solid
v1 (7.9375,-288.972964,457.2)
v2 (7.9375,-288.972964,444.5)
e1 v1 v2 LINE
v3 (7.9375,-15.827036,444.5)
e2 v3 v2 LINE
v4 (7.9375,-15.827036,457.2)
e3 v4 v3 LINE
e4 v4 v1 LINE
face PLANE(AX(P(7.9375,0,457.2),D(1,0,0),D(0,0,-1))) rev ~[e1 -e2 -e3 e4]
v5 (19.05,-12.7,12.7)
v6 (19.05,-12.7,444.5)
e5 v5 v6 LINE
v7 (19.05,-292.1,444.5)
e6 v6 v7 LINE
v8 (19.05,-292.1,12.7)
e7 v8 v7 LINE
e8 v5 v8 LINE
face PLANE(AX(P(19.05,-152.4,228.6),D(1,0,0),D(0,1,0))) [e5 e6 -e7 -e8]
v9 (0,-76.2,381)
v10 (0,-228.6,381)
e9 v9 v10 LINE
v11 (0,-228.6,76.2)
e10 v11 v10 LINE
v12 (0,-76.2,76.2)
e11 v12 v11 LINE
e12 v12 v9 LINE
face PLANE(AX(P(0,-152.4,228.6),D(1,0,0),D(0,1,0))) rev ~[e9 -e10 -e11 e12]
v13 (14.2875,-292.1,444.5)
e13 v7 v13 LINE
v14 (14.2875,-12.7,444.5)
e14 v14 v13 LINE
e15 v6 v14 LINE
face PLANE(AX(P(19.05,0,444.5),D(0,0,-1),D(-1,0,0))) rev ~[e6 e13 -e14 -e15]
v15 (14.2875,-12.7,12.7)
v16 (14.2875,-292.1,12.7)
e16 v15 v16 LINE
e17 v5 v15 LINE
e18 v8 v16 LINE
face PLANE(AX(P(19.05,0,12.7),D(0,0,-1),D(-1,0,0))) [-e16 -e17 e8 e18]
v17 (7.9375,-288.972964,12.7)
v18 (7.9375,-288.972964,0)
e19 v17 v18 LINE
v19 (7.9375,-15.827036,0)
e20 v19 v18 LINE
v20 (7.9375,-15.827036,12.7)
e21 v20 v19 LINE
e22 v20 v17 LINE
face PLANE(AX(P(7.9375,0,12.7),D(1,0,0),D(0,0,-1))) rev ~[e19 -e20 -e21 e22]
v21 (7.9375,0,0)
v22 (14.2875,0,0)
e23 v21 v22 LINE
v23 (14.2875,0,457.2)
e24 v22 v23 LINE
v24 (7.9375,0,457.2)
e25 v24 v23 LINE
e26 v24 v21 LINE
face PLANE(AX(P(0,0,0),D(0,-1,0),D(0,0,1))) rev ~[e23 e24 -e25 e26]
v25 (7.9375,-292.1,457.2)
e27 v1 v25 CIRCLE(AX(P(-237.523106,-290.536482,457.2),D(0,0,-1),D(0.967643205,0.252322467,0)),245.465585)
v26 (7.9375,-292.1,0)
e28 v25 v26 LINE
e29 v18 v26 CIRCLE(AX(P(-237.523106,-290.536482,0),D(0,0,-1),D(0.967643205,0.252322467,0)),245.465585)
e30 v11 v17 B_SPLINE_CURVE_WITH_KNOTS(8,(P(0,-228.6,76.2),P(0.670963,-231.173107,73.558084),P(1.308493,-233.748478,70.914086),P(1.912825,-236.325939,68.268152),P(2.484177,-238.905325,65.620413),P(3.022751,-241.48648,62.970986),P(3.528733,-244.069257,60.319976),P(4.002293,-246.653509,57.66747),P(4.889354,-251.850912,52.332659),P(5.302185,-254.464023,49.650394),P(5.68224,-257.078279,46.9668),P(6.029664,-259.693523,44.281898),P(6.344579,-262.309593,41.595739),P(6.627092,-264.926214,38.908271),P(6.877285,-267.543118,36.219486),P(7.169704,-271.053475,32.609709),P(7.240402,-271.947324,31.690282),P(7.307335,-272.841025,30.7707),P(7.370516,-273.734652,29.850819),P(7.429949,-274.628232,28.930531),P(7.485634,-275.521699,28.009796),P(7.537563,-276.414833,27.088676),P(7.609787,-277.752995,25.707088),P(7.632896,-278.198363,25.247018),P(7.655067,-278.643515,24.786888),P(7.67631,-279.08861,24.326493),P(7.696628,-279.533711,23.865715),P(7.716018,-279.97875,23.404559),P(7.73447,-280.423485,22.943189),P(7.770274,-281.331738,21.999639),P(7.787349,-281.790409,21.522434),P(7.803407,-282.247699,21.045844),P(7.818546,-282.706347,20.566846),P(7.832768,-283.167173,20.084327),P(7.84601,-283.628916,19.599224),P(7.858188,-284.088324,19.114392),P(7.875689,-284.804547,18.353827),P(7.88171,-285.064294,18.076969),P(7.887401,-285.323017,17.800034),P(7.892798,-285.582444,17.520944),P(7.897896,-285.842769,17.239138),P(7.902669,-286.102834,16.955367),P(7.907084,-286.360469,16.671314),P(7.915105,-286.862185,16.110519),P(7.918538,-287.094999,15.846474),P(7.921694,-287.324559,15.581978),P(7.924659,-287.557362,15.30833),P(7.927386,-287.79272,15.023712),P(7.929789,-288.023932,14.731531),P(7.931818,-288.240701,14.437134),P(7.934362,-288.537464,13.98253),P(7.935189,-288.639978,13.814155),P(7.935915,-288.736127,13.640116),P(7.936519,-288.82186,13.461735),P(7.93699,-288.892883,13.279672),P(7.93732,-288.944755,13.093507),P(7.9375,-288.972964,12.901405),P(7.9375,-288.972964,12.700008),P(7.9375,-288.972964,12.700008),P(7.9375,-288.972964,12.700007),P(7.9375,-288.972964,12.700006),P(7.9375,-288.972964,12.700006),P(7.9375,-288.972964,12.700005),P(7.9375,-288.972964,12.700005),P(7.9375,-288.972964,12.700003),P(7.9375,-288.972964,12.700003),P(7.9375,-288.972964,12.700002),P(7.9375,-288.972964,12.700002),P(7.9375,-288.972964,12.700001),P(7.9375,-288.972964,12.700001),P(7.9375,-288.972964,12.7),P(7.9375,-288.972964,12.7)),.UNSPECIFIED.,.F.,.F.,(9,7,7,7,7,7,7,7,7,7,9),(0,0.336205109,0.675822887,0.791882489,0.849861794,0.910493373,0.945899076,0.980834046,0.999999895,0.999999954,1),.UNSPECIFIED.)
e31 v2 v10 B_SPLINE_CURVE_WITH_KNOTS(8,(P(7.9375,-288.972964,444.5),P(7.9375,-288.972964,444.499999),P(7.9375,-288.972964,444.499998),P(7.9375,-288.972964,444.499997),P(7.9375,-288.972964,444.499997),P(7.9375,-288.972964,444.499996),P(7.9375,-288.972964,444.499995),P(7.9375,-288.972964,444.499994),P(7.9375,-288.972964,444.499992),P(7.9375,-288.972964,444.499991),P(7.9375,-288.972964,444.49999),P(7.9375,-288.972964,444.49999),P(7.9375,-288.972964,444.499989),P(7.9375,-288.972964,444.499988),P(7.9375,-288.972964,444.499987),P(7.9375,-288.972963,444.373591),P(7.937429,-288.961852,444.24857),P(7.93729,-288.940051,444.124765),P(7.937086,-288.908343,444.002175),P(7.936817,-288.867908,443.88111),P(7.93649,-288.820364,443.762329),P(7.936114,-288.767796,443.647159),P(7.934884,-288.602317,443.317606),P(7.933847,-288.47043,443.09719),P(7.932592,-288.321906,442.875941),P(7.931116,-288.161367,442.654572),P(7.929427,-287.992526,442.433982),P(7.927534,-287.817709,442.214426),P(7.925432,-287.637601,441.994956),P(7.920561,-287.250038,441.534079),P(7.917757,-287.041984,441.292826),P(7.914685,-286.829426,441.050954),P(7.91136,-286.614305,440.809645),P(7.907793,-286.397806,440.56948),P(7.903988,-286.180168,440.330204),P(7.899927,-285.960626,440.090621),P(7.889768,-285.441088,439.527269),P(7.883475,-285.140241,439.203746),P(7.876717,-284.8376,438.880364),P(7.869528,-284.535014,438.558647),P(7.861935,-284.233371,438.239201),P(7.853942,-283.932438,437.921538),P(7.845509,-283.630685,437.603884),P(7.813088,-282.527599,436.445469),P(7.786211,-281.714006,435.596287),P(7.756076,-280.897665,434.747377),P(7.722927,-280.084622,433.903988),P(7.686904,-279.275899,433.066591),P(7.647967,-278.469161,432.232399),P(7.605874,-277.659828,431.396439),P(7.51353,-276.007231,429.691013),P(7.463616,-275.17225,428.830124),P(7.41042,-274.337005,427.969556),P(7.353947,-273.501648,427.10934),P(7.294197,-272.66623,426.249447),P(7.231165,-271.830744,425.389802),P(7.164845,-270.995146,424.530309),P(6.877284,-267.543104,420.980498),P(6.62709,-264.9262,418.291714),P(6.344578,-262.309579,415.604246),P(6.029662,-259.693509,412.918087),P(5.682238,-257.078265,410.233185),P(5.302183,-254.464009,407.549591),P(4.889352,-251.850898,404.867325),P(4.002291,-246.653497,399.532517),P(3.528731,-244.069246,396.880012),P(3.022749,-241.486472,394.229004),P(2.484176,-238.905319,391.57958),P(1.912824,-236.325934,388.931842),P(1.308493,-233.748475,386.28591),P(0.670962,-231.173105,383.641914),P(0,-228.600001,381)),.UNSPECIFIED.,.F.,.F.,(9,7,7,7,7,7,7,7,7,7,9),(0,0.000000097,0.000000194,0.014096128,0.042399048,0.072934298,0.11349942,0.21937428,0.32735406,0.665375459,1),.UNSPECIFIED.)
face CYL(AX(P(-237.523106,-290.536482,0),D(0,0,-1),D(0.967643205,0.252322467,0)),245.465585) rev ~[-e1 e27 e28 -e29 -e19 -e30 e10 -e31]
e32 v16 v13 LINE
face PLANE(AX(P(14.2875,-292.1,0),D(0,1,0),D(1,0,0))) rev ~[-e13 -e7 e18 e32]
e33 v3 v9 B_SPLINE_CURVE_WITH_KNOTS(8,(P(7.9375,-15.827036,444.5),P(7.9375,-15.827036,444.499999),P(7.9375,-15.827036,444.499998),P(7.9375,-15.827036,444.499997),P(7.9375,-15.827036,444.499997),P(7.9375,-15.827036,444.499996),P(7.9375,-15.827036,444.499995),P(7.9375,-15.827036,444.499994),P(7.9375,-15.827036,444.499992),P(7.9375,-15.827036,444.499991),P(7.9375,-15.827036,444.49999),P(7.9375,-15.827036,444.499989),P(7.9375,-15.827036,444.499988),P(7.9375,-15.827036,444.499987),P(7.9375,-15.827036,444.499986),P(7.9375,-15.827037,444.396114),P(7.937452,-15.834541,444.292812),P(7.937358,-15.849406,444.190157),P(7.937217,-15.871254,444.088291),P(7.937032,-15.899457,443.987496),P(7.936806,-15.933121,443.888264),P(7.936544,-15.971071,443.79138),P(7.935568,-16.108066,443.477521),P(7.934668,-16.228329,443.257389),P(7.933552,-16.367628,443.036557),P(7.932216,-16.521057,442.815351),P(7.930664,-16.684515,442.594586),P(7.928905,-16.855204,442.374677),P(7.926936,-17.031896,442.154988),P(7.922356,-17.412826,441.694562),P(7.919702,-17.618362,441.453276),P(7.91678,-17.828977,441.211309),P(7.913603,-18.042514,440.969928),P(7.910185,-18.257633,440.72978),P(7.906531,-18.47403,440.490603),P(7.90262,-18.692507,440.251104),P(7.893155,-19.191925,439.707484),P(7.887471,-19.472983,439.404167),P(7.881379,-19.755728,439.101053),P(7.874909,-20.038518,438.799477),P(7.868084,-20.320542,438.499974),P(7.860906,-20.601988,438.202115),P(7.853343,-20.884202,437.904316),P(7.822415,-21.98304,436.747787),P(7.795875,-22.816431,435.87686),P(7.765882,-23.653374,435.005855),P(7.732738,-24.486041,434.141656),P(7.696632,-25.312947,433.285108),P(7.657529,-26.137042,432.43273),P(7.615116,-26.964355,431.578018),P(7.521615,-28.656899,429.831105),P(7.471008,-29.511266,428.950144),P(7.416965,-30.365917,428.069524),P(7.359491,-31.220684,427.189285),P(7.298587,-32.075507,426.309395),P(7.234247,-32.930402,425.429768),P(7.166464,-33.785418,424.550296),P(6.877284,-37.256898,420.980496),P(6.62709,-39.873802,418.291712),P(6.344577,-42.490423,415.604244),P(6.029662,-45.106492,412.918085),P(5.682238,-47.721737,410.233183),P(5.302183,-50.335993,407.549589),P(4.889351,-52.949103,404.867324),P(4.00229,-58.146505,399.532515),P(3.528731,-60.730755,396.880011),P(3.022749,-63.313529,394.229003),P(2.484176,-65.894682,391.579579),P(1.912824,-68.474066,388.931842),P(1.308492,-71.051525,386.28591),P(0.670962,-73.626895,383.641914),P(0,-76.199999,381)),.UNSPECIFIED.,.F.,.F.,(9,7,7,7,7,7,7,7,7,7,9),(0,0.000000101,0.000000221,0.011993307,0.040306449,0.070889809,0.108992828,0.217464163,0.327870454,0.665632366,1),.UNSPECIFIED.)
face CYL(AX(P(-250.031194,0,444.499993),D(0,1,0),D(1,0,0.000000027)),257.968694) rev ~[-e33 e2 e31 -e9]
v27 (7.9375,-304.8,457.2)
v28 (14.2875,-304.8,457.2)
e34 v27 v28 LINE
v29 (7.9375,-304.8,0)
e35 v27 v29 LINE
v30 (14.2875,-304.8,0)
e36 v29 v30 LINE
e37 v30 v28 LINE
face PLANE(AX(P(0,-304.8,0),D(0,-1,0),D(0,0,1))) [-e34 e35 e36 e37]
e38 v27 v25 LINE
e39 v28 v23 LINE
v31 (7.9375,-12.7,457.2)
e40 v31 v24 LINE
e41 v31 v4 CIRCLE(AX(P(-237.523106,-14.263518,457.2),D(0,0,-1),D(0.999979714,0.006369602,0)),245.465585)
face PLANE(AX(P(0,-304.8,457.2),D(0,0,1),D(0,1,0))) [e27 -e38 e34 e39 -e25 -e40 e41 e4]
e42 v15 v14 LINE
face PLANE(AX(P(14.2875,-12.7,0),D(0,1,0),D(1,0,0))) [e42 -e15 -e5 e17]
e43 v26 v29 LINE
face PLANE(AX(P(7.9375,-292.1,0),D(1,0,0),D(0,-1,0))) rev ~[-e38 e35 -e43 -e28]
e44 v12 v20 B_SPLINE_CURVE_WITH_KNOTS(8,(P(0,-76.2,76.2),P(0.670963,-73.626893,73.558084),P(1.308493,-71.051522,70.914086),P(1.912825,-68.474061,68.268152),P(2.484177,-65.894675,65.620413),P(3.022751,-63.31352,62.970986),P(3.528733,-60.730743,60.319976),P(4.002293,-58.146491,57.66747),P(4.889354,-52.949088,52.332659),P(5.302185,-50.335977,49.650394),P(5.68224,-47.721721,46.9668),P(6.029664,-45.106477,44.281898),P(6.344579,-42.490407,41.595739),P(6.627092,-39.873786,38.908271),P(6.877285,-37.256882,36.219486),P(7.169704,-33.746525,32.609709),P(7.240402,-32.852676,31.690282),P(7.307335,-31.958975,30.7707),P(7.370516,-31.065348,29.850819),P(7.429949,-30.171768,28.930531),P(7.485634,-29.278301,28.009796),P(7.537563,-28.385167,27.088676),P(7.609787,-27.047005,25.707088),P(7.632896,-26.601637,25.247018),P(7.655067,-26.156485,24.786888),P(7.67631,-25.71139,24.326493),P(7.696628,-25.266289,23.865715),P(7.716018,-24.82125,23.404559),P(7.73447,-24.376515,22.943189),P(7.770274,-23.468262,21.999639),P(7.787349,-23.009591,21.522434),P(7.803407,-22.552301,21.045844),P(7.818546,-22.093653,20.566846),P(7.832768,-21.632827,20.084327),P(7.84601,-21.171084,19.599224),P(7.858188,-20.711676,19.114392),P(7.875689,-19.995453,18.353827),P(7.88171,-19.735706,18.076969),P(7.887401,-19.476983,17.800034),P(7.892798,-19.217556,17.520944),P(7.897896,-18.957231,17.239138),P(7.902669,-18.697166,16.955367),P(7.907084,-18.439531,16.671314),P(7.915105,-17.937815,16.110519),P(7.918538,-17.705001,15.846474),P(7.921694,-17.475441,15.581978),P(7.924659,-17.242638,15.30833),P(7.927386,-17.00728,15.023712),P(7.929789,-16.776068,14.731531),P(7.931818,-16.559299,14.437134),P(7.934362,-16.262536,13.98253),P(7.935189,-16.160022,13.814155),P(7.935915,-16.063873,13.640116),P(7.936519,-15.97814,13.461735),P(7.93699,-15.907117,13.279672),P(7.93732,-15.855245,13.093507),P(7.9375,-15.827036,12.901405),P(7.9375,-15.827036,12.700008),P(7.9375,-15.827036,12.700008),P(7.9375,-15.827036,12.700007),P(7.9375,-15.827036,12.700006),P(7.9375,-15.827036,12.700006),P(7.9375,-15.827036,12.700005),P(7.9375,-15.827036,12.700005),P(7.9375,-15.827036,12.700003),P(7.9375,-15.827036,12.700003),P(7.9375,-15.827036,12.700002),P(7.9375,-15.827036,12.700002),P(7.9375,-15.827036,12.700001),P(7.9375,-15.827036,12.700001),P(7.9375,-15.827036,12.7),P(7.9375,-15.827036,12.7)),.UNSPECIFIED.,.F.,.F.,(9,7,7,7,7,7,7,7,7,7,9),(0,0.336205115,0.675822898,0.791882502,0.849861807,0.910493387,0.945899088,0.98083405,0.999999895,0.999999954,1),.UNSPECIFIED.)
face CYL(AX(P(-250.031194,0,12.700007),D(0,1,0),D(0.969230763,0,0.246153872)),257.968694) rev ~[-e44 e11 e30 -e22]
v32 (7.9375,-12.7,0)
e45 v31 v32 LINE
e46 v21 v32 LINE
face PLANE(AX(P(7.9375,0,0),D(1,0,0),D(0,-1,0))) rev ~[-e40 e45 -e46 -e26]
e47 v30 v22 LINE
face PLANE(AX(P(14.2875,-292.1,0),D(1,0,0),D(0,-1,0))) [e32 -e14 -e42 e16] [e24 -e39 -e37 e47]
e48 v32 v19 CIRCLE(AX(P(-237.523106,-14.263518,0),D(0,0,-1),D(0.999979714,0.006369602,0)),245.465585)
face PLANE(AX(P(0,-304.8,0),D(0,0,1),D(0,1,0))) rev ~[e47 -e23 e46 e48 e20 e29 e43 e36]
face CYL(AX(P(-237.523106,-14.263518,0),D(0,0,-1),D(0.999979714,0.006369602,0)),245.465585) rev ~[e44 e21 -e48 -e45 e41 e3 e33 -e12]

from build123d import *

# Parameters (mm, degrees)
F0_W     = 304.8
F0_H     = 457.2
F1_DEPTH = 19.05
F2_W     = 4.7625
F2_H     = 12.7
F3_DEPTH = 457.201
F4_W     = 4.7625
F4_H     = 12.7
F5_DEPTH = 304.801


with BuildPart() as f1:
    # F0 (on Right) → F1 (new body)
    with BuildSketch(Plane.YZ):
        with Locations((-152.4, 228.6)):
            Rectangle(F0_W, F0_H)
    extrude(amount=F1_DEPTH)

    # F2 (on face) → F3 (cut, through all)
    with BuildSketch(Plane(origin=(0, 0, 0), x_dir=(1, 0, 0), z_dir=(0, 0, -1))):
        with Locations((16.66875, 6.35)):
            Rectangle(F2_W, F2_H)
        with Locations((16.66875, 298.45)):
            Rectangle(F2_W, F2_H)
        with BuildLine():
            Line((0, 0), (7.9375, 0))
            Line((7.9375, 0), (7.9375, 12.7))
            ThreePointArc((7.9375, 12.7), (6.046964, 44.709777), (0, 76.2))
            Line((0, 76.2), (0, 0))
        make_face()
        with BuildLine():
            Line((0, 304.8), (0, 228.6))
            ThreePointArc((0, 228.6), (6.046964, 260.090223), (7.9375, 292.1))
            Line((7.9375, 292.1), (7.9375, 304.8))
            Line((7.9375, 304.8), (0, 304.8))
        make_face()
    extrude(amount=-F3_DEPTH, mode=Mode.SUBTRACT)

    # F4 (on face) → F5 (cut, through all)
    with BuildSketch(Plane(origin=(0, 0, 0), x_dir=(-1, 0, 0), z_dir=(0, 1, 0))):
        with BuildLine():
            Line((0, 457.2), (-7.9375, 457.2))
            Line((-7.9375, 457.2), (-7.9375, 444.5))
            ThreePointArc((-7.9375, 444.5), (-5.945434, 412.502915), (0, 381))
            Line((0, 381), (0, 457.2))
        make_face()
        with BuildLine():
            Line((-7.9375, 12.7), (-7.9375, 0))
            Line((-7.9375, 0), (0, 0))
            Line((0, 0), (0, 76.2))
            ThreePointArc((0, 76.2), (-5.945434, 44.697085), (-7.9375, 12.7))
        make_face()
        with Locations((-16.66875, 450.85)):
            Rectangle(F4_W, F4_H)
        with Locations((-16.66875, 6.35)):
            Rectangle(F4_W, F4_H)
    extrude(amount=-F5_DEPTH, mode=Mode.SUBTRACT)


solid = f1.part
